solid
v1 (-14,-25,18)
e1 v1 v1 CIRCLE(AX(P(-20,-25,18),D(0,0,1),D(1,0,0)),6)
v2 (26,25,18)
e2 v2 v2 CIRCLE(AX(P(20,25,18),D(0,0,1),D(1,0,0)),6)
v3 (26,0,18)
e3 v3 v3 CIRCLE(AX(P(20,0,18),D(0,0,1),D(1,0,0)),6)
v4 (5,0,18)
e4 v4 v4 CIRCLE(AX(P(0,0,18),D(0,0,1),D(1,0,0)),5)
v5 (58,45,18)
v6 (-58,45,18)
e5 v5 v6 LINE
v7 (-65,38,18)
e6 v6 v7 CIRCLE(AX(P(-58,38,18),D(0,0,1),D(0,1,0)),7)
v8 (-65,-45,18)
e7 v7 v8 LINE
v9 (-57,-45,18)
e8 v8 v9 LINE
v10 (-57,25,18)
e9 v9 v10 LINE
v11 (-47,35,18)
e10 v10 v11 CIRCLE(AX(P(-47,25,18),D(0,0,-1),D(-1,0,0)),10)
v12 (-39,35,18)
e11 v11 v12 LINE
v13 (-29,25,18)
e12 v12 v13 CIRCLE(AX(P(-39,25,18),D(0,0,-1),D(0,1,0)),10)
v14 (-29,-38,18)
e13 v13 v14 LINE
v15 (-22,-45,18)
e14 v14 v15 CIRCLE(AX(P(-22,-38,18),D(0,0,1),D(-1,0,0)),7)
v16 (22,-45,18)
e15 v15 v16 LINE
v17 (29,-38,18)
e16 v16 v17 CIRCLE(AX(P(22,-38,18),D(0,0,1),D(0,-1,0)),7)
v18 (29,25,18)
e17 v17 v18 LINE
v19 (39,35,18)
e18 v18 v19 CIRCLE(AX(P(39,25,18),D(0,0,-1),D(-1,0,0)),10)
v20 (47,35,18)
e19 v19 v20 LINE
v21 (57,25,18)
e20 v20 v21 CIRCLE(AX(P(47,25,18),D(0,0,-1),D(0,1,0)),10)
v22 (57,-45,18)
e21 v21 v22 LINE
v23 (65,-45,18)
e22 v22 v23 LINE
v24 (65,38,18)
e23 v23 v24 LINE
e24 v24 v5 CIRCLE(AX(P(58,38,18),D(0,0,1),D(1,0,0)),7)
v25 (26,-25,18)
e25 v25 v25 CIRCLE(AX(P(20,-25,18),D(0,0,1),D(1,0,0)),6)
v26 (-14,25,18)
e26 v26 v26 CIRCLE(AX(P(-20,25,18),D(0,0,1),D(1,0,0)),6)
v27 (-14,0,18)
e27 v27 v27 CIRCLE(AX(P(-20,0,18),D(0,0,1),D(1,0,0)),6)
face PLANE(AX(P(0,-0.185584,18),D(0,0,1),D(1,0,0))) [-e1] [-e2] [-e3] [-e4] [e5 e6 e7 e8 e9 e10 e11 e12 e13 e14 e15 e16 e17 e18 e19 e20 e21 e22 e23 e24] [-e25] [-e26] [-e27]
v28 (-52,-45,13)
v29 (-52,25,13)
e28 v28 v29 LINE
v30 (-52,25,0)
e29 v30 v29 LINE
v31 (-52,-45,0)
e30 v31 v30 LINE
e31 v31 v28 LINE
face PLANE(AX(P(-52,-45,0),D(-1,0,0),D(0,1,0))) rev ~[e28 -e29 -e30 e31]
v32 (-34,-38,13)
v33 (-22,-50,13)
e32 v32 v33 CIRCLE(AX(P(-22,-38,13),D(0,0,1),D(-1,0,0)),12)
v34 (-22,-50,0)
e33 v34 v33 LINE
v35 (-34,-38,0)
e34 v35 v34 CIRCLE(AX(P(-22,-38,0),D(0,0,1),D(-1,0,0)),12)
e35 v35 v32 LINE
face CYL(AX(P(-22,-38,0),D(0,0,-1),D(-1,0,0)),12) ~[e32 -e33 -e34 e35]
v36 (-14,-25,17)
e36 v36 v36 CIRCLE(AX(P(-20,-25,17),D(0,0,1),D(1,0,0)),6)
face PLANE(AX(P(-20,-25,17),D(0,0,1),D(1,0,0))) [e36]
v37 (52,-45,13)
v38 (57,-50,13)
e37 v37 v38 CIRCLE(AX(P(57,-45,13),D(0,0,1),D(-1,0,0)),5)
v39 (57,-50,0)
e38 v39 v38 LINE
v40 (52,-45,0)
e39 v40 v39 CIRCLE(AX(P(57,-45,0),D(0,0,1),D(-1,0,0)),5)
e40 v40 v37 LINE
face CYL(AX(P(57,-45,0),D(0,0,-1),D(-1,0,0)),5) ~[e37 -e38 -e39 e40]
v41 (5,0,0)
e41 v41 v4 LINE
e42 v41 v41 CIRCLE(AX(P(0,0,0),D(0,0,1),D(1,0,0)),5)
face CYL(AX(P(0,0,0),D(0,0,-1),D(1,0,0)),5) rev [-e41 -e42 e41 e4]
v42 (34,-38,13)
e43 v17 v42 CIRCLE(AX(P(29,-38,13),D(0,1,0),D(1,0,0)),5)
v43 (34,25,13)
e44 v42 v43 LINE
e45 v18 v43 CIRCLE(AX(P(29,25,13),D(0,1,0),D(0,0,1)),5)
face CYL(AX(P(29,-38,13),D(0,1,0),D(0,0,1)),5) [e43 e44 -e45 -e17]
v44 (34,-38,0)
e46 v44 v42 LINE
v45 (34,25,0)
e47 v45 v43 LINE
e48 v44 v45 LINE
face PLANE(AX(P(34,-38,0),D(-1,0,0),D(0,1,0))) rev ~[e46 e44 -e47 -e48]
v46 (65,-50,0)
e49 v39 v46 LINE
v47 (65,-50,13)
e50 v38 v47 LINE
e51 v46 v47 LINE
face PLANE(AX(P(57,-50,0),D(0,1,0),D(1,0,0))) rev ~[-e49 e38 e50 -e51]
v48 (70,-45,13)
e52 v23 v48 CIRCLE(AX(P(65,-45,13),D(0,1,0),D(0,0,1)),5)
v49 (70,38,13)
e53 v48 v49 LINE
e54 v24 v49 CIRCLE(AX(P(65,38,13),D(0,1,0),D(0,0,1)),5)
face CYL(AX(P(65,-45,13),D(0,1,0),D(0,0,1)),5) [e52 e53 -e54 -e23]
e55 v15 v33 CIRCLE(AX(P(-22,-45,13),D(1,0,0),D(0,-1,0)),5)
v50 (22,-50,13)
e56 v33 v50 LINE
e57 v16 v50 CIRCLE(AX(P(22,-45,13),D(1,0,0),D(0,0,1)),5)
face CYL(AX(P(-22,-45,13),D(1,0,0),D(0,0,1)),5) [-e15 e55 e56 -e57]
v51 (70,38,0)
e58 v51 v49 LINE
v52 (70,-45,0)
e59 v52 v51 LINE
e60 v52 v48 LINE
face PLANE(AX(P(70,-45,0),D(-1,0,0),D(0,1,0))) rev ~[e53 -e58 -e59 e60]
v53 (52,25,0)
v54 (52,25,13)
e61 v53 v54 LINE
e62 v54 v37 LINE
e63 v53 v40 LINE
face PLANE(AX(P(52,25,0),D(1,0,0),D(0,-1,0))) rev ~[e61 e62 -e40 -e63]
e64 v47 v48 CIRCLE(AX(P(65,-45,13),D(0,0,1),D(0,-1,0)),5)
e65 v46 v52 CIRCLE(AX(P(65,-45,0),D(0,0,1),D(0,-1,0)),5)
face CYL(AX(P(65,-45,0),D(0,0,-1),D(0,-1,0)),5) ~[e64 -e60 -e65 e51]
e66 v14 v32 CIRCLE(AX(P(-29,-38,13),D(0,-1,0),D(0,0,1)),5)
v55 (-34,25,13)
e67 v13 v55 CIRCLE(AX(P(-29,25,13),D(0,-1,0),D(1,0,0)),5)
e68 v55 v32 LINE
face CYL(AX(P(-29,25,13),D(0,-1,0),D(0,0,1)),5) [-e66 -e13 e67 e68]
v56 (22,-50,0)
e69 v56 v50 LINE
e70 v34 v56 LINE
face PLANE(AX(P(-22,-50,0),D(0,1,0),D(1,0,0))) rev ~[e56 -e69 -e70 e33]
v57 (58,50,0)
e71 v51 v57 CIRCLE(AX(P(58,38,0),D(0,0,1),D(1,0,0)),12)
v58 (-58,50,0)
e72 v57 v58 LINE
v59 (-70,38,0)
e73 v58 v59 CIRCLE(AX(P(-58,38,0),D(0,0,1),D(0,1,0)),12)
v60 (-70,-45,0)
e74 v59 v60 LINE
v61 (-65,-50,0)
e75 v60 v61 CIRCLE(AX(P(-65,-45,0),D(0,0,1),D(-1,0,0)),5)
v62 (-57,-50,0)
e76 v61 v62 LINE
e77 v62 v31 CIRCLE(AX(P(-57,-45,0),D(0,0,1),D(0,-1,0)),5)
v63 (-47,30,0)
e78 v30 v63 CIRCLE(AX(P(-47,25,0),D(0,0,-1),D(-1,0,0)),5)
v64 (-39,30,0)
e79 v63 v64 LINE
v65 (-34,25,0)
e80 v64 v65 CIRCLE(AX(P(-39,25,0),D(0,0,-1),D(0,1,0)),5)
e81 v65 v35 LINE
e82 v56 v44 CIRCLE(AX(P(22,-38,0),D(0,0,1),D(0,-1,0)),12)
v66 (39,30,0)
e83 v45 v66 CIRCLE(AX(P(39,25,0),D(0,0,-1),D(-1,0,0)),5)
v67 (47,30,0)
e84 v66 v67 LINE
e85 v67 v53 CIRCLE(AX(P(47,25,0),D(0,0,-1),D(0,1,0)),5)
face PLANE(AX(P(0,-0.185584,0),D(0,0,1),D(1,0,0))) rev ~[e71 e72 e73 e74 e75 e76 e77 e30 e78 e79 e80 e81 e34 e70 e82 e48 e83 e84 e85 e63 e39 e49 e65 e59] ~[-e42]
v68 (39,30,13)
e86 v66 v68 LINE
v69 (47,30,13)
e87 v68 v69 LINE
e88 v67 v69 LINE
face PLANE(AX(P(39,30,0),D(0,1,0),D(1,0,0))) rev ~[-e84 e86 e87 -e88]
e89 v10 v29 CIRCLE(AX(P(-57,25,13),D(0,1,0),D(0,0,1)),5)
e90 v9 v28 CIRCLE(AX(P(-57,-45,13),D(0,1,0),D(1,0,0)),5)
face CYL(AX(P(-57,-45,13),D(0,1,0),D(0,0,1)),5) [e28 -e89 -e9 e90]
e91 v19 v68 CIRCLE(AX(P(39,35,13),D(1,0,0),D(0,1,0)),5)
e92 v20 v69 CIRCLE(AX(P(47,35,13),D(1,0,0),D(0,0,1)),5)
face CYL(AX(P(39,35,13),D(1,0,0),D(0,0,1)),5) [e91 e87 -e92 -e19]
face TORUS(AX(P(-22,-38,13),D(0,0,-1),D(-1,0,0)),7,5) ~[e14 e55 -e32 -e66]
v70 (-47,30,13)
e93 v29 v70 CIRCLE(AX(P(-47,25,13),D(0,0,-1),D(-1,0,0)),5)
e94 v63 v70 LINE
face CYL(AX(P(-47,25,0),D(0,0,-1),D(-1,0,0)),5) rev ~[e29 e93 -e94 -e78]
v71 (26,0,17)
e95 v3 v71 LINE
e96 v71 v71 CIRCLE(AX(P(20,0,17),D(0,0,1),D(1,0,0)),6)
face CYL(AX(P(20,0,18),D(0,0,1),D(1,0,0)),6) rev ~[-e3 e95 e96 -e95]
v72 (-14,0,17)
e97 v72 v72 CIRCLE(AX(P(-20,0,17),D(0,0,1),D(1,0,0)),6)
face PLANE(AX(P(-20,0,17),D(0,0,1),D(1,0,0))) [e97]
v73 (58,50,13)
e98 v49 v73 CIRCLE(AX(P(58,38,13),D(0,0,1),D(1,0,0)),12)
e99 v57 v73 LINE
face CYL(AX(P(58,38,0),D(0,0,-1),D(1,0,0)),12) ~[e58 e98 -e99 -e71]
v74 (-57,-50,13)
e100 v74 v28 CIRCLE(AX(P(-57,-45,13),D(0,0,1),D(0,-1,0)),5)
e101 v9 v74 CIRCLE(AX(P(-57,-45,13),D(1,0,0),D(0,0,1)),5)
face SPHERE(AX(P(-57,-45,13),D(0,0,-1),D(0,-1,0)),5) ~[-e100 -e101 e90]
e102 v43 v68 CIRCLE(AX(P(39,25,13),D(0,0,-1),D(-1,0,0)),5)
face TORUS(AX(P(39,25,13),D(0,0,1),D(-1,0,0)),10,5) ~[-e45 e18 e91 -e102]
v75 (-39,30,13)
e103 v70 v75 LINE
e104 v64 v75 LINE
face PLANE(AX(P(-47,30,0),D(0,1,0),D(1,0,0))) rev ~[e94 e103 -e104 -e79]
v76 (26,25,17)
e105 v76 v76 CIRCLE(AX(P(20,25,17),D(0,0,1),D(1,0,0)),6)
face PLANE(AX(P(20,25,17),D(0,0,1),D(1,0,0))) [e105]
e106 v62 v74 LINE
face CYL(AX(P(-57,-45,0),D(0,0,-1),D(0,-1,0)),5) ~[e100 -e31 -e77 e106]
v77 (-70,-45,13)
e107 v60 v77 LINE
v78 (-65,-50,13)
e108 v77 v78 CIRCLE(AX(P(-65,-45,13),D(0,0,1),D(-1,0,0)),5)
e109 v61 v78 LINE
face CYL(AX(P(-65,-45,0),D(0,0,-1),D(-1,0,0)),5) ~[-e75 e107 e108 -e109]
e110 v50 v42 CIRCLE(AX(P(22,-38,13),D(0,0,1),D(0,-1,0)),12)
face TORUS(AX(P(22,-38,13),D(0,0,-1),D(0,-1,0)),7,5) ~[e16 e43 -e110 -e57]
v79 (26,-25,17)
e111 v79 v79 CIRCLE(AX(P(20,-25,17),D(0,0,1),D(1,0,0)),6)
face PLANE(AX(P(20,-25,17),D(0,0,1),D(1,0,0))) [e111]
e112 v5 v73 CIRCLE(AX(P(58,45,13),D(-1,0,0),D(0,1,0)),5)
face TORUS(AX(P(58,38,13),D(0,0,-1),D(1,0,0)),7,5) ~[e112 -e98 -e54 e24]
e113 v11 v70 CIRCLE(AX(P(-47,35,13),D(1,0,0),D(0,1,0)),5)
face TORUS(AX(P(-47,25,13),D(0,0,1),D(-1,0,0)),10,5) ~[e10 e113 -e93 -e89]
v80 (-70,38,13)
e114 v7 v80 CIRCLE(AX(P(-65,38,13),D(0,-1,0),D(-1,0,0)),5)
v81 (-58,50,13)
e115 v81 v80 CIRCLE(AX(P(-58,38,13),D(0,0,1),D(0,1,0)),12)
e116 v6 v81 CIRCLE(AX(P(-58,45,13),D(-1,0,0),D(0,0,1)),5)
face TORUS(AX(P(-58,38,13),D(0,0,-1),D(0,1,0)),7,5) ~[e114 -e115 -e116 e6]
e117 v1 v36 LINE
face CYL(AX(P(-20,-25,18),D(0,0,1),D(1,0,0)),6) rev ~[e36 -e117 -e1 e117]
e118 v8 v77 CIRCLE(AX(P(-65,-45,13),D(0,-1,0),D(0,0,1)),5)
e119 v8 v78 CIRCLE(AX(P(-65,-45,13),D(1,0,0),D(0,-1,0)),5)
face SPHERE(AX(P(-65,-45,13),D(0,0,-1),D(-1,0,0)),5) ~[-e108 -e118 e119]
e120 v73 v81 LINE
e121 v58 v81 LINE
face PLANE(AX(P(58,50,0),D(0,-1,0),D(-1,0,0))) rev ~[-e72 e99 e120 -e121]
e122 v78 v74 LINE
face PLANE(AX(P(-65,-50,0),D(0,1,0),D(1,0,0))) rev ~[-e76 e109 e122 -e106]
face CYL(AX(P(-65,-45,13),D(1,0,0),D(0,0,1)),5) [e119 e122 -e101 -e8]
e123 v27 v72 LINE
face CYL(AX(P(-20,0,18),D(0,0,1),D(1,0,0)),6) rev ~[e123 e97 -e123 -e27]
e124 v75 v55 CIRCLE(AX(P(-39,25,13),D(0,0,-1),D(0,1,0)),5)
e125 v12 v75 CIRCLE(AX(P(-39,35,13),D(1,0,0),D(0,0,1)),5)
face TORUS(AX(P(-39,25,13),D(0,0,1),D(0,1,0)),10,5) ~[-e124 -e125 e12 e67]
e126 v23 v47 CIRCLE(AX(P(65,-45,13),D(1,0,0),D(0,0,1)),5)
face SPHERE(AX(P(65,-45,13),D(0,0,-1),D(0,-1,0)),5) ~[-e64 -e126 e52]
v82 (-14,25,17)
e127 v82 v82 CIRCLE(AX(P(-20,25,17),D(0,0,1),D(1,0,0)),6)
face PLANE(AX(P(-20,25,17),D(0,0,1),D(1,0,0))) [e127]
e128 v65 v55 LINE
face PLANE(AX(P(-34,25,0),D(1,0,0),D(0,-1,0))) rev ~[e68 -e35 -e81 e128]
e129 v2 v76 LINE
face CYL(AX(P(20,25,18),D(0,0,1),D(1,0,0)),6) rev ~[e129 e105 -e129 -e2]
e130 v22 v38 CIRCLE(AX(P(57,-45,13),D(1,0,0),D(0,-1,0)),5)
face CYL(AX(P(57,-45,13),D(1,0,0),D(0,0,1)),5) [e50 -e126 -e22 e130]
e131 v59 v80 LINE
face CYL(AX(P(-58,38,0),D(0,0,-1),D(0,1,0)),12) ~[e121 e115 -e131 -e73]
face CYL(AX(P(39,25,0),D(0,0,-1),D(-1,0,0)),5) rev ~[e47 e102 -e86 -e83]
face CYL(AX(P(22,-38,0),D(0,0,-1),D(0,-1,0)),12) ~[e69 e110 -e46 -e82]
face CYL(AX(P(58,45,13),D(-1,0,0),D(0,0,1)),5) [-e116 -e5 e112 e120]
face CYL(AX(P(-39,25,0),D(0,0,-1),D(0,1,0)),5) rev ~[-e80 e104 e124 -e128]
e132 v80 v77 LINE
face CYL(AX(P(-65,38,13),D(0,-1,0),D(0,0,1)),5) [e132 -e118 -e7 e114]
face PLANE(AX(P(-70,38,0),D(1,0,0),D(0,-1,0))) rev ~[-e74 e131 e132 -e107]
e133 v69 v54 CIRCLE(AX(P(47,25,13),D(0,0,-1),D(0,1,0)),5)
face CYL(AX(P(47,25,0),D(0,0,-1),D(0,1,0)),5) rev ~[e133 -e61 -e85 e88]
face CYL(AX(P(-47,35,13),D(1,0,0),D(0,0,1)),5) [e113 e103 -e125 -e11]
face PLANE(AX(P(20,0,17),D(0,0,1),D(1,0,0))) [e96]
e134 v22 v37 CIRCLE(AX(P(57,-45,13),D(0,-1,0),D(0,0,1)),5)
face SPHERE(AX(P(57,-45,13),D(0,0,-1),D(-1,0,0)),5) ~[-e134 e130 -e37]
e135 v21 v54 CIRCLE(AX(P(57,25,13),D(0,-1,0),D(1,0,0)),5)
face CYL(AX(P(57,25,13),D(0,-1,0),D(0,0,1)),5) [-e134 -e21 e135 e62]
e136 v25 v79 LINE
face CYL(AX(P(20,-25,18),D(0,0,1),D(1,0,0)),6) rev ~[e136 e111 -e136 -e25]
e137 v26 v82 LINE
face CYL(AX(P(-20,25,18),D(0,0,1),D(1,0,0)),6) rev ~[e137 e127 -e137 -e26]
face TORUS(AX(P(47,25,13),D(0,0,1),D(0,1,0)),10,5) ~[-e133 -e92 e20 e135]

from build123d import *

# Parameters (mm, degrees)
F0_R     = 5
F1_DEPTH = 18
F2_R     = 6
F3_DEPTH = 1
F4_R     = 5


with BuildPart() as f1:
    # F0 (on Top) → F1 (new body)
    with BuildSketch(Plane.XY):
        with BuildLine():
            Line((0, -50), (22, -50))
            ThreePointArc((22, -50), (30.4852813742, -46.4852813742), (34, -38))
            Line((34, -38), (34, 25))
            ThreePointArc((34, 25), (35.4644660941, 28.5355339059), (39, 30))
            Line((39, 30), (47, 30))
            ThreePointArc((47, 30), (50.5355339059, 28.5355339059), (52, 25))
            Line((52, 25), (52, -45))
            ThreePointArc((52, -45), (53.4644660941, -48.5355339059), (57, -50))
            Line((57, -50), (65, -50))
            ThreePointArc((65, -50), (68.5355339059, -48.5355339059), (70, -45))
            Line((70, -45), (70, 38))
            ThreePointArc((70, 38), (66.4852813742, 46.4852813742), (58, 50))
            Line((58, 50), (0, 50))
            Line((0, 50), (-58, 50))
            ThreePointArc((-58, 50), (-66.4852813742, 46.4852813742), (-70, 38))
            Line((-70, 38), (-70, -45))
            ThreePointArc((-70, -45), (-68.5355339059, -48.5355339059), (-65, -50))
            Line((-65, -50), (-57, -50))
            ThreePointArc((-57, -50), (-53.4644660941, -48.5355339059), (-52, -45))
            Line((-52, -45), (-52, 25))
            ThreePointArc((-52, 25), (-50.5355339059, 28.5355339059), (-47, 30))
            Line((-47, 30), (-39, 30))
            ThreePointArc((-39, 30), (-35.4644660941, 28.5355339059), (-34, 25))
            Line((-34, 25), (-34, -38))
            ThreePointArc((-34, -38), (-30.4852813742, -46.4852813742), (-22, -50))
            Line((-22, -50), (0, -50))
        make_face()
        Circle(F0_R, mode=Mode.SUBTRACT)
    extrude(amount=F1_DEPTH)

    # F2 (on face) → F3 (cut)
    with BuildSketch(Plane.XY.offset(18)):
        with Locations((20, 0)):
            Circle(F2_R)
        with Locations((20, 25)):
            Circle(F2_R)
        with Locations((20, -25)):
            Circle(F2_R)
        with Locations((-20, 25)):
            Circle(F2_R)
        with Locations((-20, 0)):
            Circle(F2_R)
        with Locations((-20, -25)):
            Circle(F2_R)
    extrude(amount=-F3_DEPTH, mode=Mode.SUBTRACT)

    # F4
    f4_edges = [f1.edges().sort_by_distance(p)[0] for p in [
        (70, -3.5, 18),
    ]]
    fillet(f4_edges, radius=F4_R)


solid = f1.part
